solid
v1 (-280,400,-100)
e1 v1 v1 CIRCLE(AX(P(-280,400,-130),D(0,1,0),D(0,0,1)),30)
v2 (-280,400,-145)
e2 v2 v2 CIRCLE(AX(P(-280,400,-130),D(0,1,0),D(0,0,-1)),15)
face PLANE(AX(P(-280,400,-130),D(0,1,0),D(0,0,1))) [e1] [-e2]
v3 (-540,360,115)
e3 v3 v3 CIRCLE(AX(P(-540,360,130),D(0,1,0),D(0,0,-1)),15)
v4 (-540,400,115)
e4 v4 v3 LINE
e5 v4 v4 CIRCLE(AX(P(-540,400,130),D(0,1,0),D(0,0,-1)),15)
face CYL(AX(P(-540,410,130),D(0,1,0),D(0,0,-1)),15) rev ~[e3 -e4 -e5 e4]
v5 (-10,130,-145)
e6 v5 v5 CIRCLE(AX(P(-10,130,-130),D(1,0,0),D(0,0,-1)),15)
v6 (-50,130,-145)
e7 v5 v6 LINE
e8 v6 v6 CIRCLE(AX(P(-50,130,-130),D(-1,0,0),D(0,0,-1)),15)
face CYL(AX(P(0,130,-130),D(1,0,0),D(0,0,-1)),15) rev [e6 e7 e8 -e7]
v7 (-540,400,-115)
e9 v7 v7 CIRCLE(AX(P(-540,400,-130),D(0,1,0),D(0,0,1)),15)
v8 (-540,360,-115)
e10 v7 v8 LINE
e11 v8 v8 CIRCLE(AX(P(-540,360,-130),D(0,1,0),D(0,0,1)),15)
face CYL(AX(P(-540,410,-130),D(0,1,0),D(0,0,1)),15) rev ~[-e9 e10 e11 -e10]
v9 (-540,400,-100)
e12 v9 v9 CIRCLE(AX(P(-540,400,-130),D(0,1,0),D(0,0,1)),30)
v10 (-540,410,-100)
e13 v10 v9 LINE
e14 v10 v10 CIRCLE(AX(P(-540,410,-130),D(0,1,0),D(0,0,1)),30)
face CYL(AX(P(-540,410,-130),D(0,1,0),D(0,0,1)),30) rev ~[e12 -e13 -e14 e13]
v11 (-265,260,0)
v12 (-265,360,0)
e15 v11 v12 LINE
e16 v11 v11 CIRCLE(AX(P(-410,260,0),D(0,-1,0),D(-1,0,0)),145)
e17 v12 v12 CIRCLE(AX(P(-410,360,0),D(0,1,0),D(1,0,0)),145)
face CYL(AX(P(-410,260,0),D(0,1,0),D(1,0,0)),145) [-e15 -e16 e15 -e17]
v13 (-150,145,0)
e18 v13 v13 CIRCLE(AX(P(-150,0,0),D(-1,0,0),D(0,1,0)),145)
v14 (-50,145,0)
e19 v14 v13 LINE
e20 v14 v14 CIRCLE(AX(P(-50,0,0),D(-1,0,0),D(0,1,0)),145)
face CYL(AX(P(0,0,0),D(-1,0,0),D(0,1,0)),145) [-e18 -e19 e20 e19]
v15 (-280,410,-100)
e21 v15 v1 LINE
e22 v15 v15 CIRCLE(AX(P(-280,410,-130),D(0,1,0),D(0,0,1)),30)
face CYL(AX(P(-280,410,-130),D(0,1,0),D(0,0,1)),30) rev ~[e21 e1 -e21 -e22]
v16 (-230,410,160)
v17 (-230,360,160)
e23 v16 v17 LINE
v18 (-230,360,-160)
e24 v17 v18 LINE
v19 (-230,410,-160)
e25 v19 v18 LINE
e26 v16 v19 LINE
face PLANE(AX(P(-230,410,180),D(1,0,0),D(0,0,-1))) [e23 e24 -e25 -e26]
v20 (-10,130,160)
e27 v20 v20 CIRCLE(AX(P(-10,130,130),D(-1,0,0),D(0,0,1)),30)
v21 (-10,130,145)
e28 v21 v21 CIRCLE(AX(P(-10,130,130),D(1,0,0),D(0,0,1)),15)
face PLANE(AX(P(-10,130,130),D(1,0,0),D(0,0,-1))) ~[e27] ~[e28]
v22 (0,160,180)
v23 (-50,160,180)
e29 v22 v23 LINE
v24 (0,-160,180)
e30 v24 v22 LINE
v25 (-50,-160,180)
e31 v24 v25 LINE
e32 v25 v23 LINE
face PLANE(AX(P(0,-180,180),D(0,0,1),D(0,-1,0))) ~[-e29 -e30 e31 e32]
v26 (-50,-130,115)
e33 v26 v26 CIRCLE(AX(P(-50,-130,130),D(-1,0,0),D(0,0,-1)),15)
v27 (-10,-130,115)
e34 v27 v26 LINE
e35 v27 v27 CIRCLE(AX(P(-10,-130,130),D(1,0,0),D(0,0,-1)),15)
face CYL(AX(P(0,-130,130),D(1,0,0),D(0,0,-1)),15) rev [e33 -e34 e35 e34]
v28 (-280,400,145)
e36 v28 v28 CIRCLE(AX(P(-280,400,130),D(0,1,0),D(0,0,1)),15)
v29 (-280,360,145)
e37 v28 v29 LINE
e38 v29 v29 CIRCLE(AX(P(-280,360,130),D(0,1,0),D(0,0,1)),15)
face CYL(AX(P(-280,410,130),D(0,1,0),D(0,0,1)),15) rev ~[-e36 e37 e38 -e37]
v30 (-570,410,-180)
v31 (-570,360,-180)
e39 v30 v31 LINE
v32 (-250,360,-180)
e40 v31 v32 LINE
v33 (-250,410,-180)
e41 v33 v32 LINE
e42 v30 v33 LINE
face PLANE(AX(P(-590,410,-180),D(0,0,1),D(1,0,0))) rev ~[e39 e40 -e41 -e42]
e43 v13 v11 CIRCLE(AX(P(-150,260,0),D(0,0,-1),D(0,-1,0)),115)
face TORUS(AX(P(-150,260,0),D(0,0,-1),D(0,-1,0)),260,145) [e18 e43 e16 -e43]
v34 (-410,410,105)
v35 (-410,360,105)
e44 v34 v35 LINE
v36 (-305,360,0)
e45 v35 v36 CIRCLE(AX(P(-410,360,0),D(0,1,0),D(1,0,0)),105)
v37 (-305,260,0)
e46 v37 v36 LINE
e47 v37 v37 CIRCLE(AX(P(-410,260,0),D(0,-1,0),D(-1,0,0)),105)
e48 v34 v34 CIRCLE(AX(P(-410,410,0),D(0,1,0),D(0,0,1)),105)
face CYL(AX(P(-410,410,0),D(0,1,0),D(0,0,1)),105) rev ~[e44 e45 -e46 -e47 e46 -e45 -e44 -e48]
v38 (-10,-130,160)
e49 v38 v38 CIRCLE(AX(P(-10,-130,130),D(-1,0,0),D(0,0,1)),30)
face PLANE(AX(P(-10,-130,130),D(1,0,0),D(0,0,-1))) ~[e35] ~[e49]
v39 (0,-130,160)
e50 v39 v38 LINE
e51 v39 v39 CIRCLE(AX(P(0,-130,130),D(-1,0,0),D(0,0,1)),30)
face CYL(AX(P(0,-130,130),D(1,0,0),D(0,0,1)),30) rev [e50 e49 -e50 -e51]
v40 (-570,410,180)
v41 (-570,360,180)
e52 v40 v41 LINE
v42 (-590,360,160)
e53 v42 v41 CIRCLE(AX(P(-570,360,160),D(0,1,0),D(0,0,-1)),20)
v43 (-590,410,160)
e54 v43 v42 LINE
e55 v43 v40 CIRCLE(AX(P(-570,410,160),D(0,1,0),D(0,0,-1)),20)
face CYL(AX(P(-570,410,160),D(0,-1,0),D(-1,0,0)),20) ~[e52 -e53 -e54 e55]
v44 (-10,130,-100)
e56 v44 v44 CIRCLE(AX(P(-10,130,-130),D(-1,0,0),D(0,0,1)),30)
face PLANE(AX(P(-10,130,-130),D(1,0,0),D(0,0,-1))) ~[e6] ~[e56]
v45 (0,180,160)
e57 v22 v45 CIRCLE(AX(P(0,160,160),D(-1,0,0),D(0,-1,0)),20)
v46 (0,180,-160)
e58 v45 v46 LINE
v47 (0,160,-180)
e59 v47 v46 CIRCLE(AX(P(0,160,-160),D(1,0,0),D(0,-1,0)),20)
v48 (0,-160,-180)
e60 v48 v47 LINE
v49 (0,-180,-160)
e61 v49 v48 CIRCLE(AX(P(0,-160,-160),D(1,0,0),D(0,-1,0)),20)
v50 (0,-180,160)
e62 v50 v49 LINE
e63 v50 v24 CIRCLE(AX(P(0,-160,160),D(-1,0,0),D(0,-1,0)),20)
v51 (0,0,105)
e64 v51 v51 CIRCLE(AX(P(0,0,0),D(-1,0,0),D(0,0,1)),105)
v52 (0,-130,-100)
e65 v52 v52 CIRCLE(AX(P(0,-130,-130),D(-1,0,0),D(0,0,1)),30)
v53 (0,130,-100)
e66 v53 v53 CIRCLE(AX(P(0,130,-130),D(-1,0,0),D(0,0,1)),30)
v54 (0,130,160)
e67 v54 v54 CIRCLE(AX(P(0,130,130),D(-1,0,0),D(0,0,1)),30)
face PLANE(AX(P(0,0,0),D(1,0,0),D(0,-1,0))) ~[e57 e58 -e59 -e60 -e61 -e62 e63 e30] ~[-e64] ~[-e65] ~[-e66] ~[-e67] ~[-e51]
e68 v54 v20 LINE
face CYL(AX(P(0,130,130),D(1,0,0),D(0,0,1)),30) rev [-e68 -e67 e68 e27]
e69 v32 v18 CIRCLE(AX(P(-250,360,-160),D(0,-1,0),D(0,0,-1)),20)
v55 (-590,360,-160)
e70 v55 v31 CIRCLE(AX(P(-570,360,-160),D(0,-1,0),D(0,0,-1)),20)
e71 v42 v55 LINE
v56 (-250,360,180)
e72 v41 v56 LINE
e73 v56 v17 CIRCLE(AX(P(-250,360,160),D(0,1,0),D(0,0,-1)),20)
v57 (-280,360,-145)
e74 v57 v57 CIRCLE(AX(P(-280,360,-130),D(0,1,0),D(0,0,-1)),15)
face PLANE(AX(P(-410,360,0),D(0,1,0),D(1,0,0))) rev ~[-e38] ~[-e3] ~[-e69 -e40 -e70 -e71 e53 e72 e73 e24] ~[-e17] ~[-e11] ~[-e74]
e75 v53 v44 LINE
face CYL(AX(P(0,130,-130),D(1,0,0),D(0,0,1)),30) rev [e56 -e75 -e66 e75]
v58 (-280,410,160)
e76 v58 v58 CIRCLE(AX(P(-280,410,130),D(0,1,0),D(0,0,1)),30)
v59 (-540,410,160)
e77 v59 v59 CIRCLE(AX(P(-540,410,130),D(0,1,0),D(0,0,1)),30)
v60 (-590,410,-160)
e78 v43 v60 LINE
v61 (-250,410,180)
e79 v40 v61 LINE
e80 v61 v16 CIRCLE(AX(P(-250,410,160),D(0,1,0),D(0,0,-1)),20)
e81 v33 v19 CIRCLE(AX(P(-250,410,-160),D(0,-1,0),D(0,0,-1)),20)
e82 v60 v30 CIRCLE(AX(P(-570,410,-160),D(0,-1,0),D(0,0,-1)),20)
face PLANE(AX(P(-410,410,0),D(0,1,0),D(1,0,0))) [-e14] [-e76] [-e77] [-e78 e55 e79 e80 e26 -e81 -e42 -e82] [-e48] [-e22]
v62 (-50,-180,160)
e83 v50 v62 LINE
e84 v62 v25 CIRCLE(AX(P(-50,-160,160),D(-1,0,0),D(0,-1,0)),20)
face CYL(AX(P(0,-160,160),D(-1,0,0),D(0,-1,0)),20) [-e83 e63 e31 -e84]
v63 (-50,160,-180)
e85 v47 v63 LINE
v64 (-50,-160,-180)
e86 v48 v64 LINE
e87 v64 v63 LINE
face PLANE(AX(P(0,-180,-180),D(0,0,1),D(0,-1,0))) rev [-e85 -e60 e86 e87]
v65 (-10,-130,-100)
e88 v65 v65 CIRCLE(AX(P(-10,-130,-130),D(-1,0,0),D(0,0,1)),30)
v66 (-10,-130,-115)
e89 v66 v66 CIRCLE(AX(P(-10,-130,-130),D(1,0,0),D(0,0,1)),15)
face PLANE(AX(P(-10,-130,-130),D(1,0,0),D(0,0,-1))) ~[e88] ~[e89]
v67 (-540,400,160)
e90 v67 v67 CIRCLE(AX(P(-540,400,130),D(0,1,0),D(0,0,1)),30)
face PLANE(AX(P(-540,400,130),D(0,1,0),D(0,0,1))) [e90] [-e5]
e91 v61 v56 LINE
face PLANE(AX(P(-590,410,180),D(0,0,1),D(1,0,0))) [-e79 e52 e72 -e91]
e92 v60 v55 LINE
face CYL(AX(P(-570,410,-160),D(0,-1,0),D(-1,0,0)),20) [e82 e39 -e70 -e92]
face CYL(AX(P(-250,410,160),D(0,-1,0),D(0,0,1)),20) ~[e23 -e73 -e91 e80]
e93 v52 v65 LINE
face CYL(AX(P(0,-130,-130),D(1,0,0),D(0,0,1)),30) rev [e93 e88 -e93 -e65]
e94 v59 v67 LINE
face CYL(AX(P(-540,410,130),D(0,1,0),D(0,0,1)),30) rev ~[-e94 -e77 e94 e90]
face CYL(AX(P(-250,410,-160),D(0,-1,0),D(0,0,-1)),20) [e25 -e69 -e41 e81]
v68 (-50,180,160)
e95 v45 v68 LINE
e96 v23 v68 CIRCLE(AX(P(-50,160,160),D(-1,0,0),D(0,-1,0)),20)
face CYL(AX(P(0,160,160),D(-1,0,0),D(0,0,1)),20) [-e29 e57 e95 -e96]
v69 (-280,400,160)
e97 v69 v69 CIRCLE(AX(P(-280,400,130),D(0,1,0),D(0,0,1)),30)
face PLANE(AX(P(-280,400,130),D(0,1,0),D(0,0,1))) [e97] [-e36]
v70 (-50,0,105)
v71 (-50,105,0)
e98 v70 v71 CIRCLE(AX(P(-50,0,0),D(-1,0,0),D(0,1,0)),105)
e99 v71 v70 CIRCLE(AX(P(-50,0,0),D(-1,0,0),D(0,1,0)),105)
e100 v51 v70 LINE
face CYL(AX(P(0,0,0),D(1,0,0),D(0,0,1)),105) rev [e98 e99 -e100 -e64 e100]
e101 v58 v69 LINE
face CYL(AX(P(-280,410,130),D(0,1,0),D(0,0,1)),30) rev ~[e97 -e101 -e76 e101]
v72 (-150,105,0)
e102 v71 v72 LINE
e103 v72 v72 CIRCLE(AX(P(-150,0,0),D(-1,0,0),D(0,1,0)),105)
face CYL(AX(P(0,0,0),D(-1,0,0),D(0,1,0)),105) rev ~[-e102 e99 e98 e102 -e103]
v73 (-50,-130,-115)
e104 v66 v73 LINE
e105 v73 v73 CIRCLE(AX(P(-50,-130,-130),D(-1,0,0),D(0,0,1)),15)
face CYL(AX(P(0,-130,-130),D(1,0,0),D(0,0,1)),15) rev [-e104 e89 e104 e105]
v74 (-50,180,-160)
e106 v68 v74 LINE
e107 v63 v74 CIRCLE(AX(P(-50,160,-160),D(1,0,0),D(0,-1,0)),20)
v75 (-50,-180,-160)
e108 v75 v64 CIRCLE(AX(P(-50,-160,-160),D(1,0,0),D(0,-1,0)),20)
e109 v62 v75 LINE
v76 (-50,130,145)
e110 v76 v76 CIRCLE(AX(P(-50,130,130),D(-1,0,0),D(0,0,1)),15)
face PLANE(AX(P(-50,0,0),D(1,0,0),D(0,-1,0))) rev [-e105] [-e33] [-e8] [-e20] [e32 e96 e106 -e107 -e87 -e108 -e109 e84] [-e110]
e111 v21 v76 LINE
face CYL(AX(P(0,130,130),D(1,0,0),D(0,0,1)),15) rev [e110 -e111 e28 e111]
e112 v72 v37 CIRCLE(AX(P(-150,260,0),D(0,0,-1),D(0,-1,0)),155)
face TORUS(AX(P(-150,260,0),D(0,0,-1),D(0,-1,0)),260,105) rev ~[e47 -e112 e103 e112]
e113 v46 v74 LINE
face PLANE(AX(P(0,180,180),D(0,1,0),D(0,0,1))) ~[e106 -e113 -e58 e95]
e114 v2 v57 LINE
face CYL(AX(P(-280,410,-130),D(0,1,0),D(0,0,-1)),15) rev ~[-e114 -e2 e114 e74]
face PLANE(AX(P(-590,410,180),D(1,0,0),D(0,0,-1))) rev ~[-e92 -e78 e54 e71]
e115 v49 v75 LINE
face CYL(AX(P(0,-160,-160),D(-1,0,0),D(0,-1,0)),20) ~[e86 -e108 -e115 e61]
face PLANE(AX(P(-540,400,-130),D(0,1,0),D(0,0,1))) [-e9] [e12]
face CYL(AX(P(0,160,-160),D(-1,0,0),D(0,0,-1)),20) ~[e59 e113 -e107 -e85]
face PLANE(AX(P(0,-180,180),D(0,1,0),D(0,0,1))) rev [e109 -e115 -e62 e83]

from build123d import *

# Parameters (mm, degrees)
SKETCH3_R            = 145
SKETCH3_R_2          = 105
SKETCH5_W            = 360
SKETCH5_H            = 360
BOSS_EXTRUDE1_DEPTH  = 50
SKETCH6_R            = 105
CUT_EXTRUDE1_DEPTH   = 50
FILLET1_R            = 20
SKETCH7_R            = 15
CUT_EXTRUDE4_DEPTH   = 50
SKETCH9_R            = 30
CUT_EXTRUDE5_DEPTH   = 10
FILLET1_OF_MIRROR3_R = 20


with BuildPart() as part:
    # Sweep1: sweep along a path in Sketch1
    with BuildLine(Plane.XY) as sweep1_path:
        Line((0, 0), (-150, 0))
        ThreePointArc((-150, 0), (-333.847763109, 76.152236891), (-410, 260))
        Line((-410, 260), (-410, 410))
    # Sketch3 → Sweep1 (sweep)
    with BuildSketch(Plane(origin=(0, 410, 0), x_dir=(1, 0, 0), z_dir=(0, 1, 0))):
        with Locations((-410, 0)):
            Circle(SKETCH3_R)
        with Locations((-410, 0)):
            Circle(SKETCH3_R_2, mode=Mode.SUBTRACT)
    sweep(path=sweep1_path.line)

    # Sketch5 → Boss-Extrude1 (add)
    with BuildSketch(Plane(origin=(0, 410, 0), x_dir=(1, 0, 0), z_dir=(0, 1, 0))):
        with Locations((-410, 0)):
            Rectangle(SKETCH5_W, SKETCH5_H)
    boss_extrude1 = extrude(amount=-BOSS_EXTRUDE1_DEPTH)

    # Sketch6 → Cut-Extrude1 (cut)
    with BuildSketch(Plane(origin=(0, 410, 0), x_dir=(1, 0, 0), z_dir=(0, 1, 0))):
        with Locations(Location((-410, 0, 0), (0, 0, 270))):
            Circle(SKETCH6_R)
    cut_extrude1 = extrude(amount=-CUT_EXTRUDE1_DEPTH, mode=Mode.SUBTRACT)

    # Fillet1
    fillet1_edges = [part.edges().sort_by_distance(p)[0] for p in [
        (-590, 385, 180),
        (-590, 385, -180),
        (-230, 385, -180),
        (-230, 385, 180),
    ]]
    fillet(fillet1_edges, radius=FILLET1_R)

    # Sketch7 → Cut-Extrude4 (cut)
    with BuildSketch(Plane(origin=(0, 410, 0), x_dir=(1, 0, 0), z_dir=(0, 1, 0))):
        with Locations(Location((-540, 130, 0), (0, 0, 270))):
            Circle(SKETCH7_R)
        with Locations(Location((-280, 130, 0), (0, 0, 90))):
            Circle(SKETCH7_R)
        with Locations(Location((-280, -130, 0), (0, 0, 270))):
            Circle(SKETCH7_R)
        with Locations(Location((-540, -130, 0), (0, 0, 90))):
            Circle(SKETCH7_R)
    cut_extrude4 = extrude(amount=-CUT_EXTRUDE4_DEPTH, mode=Mode.SUBTRACT)

    # Sketch9 → Cut-Extrude5 (cut)
    with BuildSketch(Plane(origin=(0, 410, 0), x_dir=(1, 0, 0), z_dir=(0, 1, 0))):
        with Locations(Location((-540, -130, 0), (0, 0, 270))):
            Circle(SKETCH9_R)
        with Locations(Location((-280, -130, 0), (0, 0, 270))):
            Circle(SKETCH9_R)
        with Locations(Location((-540, 130, 0), (0, 0, 270))):
            Circle(SKETCH9_R)
        with Locations(Location((-280, 130, 0), (0, 0, 270))):
            Circle(SKETCH9_R)
    cut_extrude5 = extrude(amount=-CUT_EXTRUDE5_DEPTH, mode=Mode.SUBTRACT)

    # Mirror3: Boss-Extrude1, Cut-Extrude1, Cut-Extrude4, Cut-Extrude5 across plane
    add(boss_extrude1.mirror(Plane(origin=(-205, 205, 0), x_dir=(0, 0, 1), z_dir=(-0.7071067811865475, 0.7071067811865477, 0))))
    add(cut_extrude1.mirror(Plane(origin=(-205, 205, 0), x_dir=(0, 0, 1), z_dir=(-0.7071067811865475, 0.7071067811865477, 0))), mode=Mode.SUBTRACT)
    add(cut_extrude4.mirror(Plane(origin=(-205, 205, 0), x_dir=(0, 0, 1), z_dir=(-0.7071067811865475, 0.7071067811865477, 0))), mode=Mode.SUBTRACT)
    add(cut_extrude5.mirror(Plane(origin=(-205, 205, 0), x_dir=(0, 0, 1), z_dir=(-0.7071067811865475, 0.7071067811865477, 0))), mode=Mode.SUBTRACT)

    # Fillet1 of Mirror3
    fillet1_of_mirror3_edges = [part.edges().sort_by_distance(p)[0] for p in [
        (-25, -180, 180),
        (-25, -180, -180),
        (-25, 180, -180),
        (-25, 180, 180),
    ]]
    fillet(fillet1_of_mirror3_edges, radius=FILLET1_OF_MIRROR3_R)


solid = part.part
